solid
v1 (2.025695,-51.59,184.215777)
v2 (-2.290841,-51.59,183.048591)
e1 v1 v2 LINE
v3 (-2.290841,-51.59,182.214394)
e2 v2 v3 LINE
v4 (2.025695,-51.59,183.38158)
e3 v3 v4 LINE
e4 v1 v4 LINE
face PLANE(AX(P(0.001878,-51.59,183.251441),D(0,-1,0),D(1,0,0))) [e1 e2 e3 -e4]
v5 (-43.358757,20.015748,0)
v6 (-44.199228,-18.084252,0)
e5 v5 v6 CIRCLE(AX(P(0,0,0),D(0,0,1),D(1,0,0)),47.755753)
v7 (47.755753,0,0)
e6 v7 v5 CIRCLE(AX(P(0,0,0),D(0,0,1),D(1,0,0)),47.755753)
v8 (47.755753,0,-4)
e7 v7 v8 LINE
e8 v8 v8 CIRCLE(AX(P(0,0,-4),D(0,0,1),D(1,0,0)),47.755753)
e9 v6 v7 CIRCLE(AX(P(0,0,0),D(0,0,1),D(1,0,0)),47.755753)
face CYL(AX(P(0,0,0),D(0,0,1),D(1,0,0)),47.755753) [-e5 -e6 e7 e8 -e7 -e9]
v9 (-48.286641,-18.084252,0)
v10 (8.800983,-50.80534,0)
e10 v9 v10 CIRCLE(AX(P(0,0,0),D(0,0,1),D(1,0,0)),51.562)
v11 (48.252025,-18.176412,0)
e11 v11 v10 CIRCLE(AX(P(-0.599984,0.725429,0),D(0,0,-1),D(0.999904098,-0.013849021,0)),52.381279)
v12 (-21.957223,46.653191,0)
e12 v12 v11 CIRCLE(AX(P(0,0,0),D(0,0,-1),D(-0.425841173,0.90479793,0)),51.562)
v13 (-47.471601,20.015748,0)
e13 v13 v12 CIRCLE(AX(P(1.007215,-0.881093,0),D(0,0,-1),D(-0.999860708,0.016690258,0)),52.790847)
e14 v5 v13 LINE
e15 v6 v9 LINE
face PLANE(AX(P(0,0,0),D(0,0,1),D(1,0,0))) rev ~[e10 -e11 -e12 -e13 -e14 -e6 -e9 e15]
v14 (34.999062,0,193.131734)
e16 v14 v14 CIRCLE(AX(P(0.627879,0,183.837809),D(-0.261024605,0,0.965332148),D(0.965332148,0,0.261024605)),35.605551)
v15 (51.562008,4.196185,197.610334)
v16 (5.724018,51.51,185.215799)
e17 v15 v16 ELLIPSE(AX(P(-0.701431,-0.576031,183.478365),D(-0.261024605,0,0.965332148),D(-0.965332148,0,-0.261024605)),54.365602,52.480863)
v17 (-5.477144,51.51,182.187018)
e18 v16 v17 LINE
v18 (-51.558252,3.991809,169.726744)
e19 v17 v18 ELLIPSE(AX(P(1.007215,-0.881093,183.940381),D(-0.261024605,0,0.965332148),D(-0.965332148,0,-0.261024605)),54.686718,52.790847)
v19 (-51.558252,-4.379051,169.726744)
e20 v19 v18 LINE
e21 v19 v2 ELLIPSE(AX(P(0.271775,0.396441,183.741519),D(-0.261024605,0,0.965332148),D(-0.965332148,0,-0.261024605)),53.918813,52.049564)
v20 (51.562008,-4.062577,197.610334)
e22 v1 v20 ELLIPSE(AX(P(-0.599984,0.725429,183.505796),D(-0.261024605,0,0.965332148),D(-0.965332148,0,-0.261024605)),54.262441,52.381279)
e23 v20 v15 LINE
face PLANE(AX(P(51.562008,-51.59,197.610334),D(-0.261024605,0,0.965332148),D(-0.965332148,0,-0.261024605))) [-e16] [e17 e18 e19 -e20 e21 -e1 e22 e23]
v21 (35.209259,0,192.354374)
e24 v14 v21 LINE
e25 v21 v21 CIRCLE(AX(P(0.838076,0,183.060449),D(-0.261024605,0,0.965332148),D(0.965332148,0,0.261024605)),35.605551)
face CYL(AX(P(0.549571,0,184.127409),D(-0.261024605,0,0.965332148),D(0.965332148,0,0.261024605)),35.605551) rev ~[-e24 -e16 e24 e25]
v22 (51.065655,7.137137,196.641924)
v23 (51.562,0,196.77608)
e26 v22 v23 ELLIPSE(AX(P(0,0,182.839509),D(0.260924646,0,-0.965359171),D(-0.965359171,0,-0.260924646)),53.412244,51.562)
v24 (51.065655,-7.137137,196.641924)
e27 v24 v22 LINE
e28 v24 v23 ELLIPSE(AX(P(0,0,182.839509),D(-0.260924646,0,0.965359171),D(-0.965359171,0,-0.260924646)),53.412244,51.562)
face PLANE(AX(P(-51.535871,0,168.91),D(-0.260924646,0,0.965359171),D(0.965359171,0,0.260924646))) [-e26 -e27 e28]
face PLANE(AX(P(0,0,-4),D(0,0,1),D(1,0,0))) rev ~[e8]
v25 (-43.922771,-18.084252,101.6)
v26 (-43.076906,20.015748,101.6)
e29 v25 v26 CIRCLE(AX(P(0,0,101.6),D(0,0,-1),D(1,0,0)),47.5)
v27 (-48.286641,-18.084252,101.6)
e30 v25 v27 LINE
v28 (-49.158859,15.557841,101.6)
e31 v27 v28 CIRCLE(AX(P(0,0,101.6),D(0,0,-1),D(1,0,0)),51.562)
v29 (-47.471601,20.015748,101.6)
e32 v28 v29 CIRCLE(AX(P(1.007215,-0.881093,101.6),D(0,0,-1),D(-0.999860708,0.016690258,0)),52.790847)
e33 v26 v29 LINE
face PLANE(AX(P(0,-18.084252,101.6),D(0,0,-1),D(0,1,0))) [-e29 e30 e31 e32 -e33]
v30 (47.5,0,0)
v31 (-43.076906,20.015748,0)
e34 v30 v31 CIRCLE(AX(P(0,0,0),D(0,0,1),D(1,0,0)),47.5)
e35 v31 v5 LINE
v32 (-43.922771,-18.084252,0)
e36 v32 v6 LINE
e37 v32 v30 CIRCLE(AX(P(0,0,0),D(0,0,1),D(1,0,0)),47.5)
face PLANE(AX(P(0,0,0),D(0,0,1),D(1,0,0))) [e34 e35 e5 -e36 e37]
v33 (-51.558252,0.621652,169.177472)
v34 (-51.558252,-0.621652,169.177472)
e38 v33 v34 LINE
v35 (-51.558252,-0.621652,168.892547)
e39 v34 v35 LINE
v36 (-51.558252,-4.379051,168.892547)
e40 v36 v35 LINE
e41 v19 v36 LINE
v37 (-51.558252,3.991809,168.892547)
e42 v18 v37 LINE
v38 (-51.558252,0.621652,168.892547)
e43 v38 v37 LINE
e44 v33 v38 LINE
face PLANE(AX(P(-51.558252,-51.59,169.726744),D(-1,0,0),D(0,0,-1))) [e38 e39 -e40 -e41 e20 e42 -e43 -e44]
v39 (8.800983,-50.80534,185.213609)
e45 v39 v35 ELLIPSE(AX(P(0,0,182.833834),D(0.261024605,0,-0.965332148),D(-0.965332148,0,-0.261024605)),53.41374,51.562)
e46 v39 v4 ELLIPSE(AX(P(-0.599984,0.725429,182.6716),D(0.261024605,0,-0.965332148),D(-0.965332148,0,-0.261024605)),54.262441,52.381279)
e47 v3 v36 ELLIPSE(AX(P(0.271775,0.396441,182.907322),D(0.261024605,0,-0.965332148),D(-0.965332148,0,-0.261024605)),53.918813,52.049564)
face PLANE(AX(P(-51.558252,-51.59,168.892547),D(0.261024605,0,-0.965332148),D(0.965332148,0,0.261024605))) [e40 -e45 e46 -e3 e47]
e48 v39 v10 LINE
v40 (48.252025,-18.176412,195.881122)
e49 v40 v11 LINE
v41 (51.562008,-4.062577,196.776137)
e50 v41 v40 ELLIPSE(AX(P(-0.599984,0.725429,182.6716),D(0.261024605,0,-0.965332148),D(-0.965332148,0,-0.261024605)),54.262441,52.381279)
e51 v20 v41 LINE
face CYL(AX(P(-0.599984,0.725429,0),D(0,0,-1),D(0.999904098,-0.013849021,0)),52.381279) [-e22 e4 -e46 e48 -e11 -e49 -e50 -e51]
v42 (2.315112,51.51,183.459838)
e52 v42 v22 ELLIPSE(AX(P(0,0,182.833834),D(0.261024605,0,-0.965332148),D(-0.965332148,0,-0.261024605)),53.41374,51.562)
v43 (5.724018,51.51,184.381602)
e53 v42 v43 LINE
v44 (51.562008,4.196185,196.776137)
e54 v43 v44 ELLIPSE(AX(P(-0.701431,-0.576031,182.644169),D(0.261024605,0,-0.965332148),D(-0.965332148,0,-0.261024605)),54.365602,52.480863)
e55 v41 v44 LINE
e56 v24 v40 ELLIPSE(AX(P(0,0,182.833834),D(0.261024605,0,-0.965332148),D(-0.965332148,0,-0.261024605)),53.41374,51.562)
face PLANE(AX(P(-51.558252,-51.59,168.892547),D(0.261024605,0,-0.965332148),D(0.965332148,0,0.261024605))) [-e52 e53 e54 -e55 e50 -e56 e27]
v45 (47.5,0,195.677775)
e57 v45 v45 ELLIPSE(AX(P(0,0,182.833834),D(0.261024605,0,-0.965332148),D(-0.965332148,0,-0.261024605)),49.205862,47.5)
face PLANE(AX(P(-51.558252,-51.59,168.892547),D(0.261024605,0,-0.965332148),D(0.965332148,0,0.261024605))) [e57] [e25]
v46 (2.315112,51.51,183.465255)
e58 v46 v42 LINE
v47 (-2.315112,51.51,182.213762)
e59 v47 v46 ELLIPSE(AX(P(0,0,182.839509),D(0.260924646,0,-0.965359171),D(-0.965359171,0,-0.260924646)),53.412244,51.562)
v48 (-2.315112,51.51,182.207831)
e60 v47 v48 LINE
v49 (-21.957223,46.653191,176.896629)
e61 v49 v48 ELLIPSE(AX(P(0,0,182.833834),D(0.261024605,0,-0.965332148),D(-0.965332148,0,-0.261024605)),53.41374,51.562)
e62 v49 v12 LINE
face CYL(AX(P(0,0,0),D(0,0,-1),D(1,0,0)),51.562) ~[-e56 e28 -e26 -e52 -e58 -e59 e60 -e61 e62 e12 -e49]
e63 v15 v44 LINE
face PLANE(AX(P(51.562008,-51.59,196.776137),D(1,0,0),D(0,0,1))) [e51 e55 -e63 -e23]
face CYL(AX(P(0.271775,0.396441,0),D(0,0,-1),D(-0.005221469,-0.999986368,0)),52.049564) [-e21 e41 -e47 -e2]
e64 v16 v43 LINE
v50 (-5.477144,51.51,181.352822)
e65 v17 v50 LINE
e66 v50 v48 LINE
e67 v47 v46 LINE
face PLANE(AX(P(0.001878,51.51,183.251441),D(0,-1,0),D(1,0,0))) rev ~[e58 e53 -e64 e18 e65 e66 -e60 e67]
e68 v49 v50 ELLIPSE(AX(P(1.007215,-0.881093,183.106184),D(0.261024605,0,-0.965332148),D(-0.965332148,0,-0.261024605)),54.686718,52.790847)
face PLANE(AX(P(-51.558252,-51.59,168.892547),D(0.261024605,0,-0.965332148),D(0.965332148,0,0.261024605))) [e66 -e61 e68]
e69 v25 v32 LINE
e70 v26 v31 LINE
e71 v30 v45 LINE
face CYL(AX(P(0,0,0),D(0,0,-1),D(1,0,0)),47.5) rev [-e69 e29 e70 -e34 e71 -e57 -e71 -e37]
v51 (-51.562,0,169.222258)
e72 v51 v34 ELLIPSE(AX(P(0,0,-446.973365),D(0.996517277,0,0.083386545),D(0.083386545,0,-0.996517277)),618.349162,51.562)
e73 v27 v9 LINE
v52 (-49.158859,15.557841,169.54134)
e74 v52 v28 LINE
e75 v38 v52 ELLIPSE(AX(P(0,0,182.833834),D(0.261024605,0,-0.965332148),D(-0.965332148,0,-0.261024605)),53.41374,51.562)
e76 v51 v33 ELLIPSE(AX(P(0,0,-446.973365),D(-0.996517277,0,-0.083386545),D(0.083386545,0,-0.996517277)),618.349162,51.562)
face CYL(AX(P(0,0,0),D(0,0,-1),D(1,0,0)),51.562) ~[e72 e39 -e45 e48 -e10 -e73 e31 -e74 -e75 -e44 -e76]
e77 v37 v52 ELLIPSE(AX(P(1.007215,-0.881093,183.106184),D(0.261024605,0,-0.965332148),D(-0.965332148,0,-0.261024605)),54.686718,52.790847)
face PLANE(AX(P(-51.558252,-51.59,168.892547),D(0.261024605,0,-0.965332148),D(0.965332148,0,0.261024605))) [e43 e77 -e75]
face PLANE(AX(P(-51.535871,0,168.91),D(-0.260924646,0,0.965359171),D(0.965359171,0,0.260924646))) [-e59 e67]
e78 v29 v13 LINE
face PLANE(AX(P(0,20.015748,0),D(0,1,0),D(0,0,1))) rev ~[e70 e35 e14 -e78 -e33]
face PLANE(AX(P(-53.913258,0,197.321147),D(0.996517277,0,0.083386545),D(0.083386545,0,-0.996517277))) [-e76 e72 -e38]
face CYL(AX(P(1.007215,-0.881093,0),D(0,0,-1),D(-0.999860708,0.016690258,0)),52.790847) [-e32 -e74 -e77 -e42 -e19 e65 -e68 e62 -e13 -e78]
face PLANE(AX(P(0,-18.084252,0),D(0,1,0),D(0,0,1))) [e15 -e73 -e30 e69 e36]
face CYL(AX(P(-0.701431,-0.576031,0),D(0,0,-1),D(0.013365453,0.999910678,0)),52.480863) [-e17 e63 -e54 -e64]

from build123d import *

# Parameters (mm, degrees)
F0_R          = 51.562
F0_R_2        = 47.5
F1_DEPTH      = 196.85
F3_DEPTH      = 61
F3_DEPTH_BACK = 74
F4_W          = 38.1
F4_H          = 101.6
F5_DEPTH      = 61
F8_DEPTH      = 103.1
F10_DEPTH     = 222
F12_R         = 35.605551274
F13_DEPTH     = 6.3
F14_R         = 47.7557531621
F15_DEPTH     = 4


with BuildPart() as f1:
    # F0 (on Top) → F1 (new body)
    with BuildSketch(Plane.XY):
        Circle(F0_R)
        Circle(F0_R_2, mode=Mode.SUBTRACT)
    extrude(amount=F1_DEPTH)

    # F2 (on Front) → F3 (cut, two sides)
    with BuildSketch(Plane.XZ) as f3_sk:
        Polygon((-53.9132580161, 197.3211467266), (-51.5358708799, 168.91), (53.5786189139, 197.3211467266), align=None)
    extrude(amount=F3_DEPTH, mode=Mode.SUBTRACT)
    extrude(f3_sk.sketch, amount=-F3_DEPTH_BACK, mode=Mode.SUBTRACT)

    # F4 (on Right) → F5 (cut)
    with BuildSketch(Plane.YZ):
        with Locations((0.9657477468, 50.8)):
            Rectangle(F4_W, F4_H)
    extrude(amount=-F5_DEPTH, mode=Mode.SUBTRACT)

    # F7 (on offset) → F8 (join)
    with BuildSketch(Plane.XZ.offset(51.59)):
        Polygon((-51.558252424, 169.7267442942), (-51.558252424, 168.8925474882), (51.5620075166, 196.7761367559), (51.5620075166, 197.6103335619), align=None)
    extrude(amount=-F8_DEPTH)

    # F9 (on Top) → F10 (cut)
    with BuildSketch(Plane.XY):
        Polygon((-55.258795619, 55.1219135523), (-55.258795619, 0), (-55.258795619, -56.1094321311), (54.045163095, -56.1094321311), (54.045163095, 51.9001446664), align=None)
        with BuildLine():
            ThreePointArc((-51.776278764, 0), (-36.3661223593, 36.403048351), (0, 51.9001446664))
            ThreePointArc((0, 51.9001446664), (36.452456, 36.4891781459), (51.7762713134, 0))
            ThreePointArc((51.7762713134, 0), (36.3947916683, -36.3580565829), (0, -51.6524128616))
            ThreePointArc((0, -51.6524128616), (-36.4887208542, -36.4522087985), (-51.776278764, 0))
        make_face(mode=Mode.SUBTRACT)
    extrude(amount=F10_DEPTH, mode=Mode.SUBTRACT)

    # F12 (on offset) → F13 (cut)
    with BuildSketch(Plane(origin=(-46.3581408372, 0, 171.4436218234), x_dir=(0.9653321478, 0, 0.261024605), z_dir=(-0.261024605, 0, 0.9653321478))):
        with Locations((48.5923029482, 0)):
            Circle(F12_R)
    extrude(amount=-F13_DEPTH, mode=Mode.SUBTRACT)

    # F14 (on Top) → F15 (join)
    with BuildSketch(Plane.XY):
        Circle(F14_R)
    extrude(amount=-F15_DEPTH)


solid = f1.part
